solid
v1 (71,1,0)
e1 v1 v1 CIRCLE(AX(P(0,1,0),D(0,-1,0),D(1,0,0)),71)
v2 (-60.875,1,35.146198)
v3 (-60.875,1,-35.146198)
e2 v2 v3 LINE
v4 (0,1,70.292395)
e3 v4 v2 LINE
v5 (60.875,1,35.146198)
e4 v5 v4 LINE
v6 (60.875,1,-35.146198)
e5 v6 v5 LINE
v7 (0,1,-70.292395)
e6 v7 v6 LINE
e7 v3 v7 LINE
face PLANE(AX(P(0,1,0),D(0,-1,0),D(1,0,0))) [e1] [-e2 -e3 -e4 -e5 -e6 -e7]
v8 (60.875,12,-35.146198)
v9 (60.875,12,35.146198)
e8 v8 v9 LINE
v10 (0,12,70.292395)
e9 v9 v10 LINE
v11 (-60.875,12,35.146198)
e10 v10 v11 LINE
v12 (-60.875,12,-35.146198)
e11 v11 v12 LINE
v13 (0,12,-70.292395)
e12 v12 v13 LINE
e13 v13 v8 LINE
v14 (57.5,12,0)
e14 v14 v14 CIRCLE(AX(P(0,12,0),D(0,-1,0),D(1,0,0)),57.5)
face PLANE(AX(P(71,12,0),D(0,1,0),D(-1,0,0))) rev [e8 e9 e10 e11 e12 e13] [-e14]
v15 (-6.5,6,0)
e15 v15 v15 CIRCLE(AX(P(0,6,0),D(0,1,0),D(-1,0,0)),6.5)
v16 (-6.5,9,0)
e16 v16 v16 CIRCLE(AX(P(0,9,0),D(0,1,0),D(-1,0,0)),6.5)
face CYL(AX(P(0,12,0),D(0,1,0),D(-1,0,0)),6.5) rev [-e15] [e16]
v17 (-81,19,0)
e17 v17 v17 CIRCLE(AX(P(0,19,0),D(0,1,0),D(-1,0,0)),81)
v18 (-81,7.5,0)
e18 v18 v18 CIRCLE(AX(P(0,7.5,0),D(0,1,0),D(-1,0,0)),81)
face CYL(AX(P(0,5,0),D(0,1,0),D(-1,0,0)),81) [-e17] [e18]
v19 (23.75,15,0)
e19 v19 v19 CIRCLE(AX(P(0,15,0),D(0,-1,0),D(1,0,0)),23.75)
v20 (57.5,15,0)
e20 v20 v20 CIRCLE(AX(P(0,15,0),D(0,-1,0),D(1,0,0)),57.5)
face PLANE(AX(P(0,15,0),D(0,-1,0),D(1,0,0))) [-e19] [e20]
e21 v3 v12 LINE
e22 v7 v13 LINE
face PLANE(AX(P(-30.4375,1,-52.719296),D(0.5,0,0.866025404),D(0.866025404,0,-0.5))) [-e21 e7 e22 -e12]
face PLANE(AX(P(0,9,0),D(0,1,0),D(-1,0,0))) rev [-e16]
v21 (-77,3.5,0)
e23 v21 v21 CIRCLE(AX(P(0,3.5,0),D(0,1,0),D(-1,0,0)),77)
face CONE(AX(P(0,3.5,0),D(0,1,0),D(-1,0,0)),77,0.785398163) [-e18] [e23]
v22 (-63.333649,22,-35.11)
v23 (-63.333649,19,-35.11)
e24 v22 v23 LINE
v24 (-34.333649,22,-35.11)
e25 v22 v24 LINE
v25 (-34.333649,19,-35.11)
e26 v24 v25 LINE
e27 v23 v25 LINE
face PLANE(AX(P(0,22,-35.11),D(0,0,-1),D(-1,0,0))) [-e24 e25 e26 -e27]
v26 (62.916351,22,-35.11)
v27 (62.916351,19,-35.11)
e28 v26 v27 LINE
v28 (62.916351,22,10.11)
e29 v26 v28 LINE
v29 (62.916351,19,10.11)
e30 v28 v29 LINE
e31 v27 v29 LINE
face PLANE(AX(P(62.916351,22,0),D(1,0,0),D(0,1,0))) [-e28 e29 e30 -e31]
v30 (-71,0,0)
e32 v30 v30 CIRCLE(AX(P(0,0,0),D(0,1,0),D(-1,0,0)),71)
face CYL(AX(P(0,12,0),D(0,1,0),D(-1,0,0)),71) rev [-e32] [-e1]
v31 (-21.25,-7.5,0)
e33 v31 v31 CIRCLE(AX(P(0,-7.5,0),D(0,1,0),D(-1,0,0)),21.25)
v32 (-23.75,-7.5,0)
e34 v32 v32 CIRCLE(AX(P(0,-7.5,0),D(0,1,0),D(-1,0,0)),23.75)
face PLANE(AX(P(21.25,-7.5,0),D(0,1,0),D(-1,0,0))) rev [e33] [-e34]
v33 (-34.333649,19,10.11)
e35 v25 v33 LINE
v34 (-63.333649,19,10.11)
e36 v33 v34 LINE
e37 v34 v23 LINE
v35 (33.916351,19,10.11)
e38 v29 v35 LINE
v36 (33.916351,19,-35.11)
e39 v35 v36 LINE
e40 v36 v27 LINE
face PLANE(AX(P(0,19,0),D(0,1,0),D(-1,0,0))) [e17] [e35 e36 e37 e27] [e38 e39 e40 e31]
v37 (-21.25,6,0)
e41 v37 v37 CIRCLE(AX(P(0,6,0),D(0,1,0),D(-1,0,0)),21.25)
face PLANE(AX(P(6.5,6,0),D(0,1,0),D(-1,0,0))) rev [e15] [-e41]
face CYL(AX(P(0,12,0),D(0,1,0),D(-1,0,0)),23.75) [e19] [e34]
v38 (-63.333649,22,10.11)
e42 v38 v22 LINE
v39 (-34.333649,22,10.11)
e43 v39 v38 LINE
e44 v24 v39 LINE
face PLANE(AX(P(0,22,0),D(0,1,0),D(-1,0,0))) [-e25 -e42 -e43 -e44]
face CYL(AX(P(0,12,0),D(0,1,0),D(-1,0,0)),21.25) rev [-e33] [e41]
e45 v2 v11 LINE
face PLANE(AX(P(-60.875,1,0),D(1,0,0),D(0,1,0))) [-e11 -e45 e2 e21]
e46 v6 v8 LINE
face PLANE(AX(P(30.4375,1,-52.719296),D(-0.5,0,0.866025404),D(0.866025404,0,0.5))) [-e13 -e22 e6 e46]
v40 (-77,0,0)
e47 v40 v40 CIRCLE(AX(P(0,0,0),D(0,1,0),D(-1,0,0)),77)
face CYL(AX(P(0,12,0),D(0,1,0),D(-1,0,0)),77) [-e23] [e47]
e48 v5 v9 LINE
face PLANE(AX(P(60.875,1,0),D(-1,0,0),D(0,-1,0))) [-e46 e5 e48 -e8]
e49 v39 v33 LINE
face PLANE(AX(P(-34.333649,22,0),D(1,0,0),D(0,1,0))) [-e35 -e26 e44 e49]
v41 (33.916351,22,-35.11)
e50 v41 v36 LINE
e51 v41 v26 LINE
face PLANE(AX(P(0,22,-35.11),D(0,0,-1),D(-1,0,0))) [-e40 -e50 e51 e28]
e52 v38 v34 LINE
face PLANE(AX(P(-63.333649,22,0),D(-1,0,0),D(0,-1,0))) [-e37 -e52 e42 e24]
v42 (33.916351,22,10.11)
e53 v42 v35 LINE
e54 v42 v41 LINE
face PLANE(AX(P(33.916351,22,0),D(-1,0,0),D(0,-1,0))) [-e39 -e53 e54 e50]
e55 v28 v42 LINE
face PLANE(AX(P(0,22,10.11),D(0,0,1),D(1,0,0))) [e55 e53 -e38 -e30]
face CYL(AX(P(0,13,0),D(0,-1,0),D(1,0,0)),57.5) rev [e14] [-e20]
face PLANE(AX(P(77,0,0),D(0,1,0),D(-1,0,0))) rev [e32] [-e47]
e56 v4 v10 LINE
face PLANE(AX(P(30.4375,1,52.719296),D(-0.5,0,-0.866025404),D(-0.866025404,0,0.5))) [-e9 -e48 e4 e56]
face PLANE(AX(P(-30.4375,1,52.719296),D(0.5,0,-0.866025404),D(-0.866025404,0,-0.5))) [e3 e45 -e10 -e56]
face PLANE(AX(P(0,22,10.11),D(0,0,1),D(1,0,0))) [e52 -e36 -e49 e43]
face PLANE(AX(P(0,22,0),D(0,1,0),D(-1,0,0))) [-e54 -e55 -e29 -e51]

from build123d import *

# Parameters (mm, degrees)
SKETCH2_R           = 71
BOSS_EXTRUDE1_DEPTH = 11
SKETCH12_R          = 57.5
SKETCH12_R_2        = 23.75
CUT_EXTRUDE8_DEPTH  = 1
CUT_EXTRUDE9_START  = -10
SKETCH10_R          = 85
SKETCH10_R_2        = 81
CUT_EXTRUDE9_DEPTH  = 10
SKETCH14_R          = 57.5
SKETCH14_R_2        = 23.75
BOSS_EXTRUDE2_DEPTH = 1
SKETCH15_R          = 81
BOSS_EXTRUDE3_DEPTH = 4
SKETCH16_R          = 57.5
SKETCH16_R_2        = 23.75
CUT_EXTRUDE11_DEPTH = 2
SKETCH17_W          = 29
SKETCH17_H          = 10.11
SKETCH17_H_2        = 35.11
BOSS_EXTRUDE4_DEPTH = 3


with BuildPart() as part:
    # Sketch1 → Revolve1 (revolve)
    with BuildSketch(Plane.XY, mode=Mode.PRIVATE) as revolve1_sk:
        Polygon((0, 12), (0, 15), (85, 15), (85, 10.5), (84, 10.5), (77, 3.5), (77, 0), (71, 0), (71, 12), (23.75, 12), (23.75, -7.5), (21.25, -7.5), (21.25, 6), (6.5, 6), (6.5, 9), (0, 9), align=None)
    revolve(revolve1_sk.sketch.rotate(Axis((0, 12, 0), (0, -1, 0)), 180), axis=Axis((0, 12, 0), (0, -1, 0)))

    # Sketch2 → Boss-Extrude1 (add)
    with BuildSketch(Plane.XZ.offset(-12)):
        with Locations(Location((0, 0, 0), (0, 0, 180))):
            Circle(SKETCH2_R)
        Polygon((0, 70.292395274), (-60.875, 35.146197637), (-60.875, -35.146197637), (0, -70.292395274), (60.875, -35.146197637), (60.875, 35.146197637), align=None, mode=Mode.SUBTRACT)
    extrude(amount=BOSS_EXTRUDE1_DEPTH)

    # Sketch12 → Cut-Extrude8 (cut)
    with BuildSketch(Plane.XZ.offset(-12)):
        Circle(SKETCH12_R)
        with Locations(Location((0, 0, 0), (0, 0, 180))):
            Circle(SKETCH12_R_2, mode=Mode.SUBTRACT)
    extrude(amount=-CUT_EXTRUDE8_DEPTH, mode=Mode.SUBTRACT)

    # Sketch10 → Cut-Extrude9 (cut)
    with BuildSketch(Plane(origin=(0, 15, 0), x_dir=(1, 0, 0), z_dir=(0, 1, 0)).offset(CUT_EXTRUDE9_START)):
        Circle(SKETCH10_R)
        with Locations(Location((0, 0, 0), (0, 0, 180))):
            Circle(SKETCH10_R_2, mode=Mode.SUBTRACT)
    extrude(amount=CUT_EXTRUDE9_DEPTH, mode=Mode.SUBTRACT)

    # Sketch14 → Boss-Extrude2 (add)
    with BuildSketch(Plane(origin=(0, 13, 0), x_dir=(-1, 0, 0), z_dir=(0, -1, 0))):
        with Locations(Location((0, 0, 0), (0, 0, 180))):
            Circle(SKETCH14_R)
        Circle(SKETCH14_R_2, mode=Mode.SUBTRACT)
    extrude(amount=-BOSS_EXTRUDE2_DEPTH)

    # Sketch15 → Boss-Extrude3 (add)
    with BuildSketch(Plane(origin=(0, 15, 0), x_dir=(1, 0, 0), z_dir=(0, 1, 0))):
        with Locations(Location((0, 0, 0), (0, 0, 180))):
            Circle(SKETCH15_R)
    extrude(amount=BOSS_EXTRUDE3_DEPTH)

    # Sketch16 → Cut-Extrude11 (cut)
    with BuildSketch(Plane.XZ.offset(-13)):
        Circle(SKETCH16_R)
        with Locations(Location((0, 0, 0), (0, 0, 180))):
            Circle(SKETCH16_R_2, mode=Mode.SUBTRACT)
    extrude(amount=-CUT_EXTRUDE11_DEPTH, mode=Mode.SUBTRACT)

    # Sketch17 → Boss-Extrude4 (add)
    with BuildSketch(Plane(origin=(0, 19, 0), x_dir=(1, 0, 0), z_dir=(0, 1, 0))):
        with Locations((-48.833648901, -5.055)):
            Rectangle(SKETCH17_W, SKETCH17_H)
        with Locations((-48.833648901, 17.555)):
            Rectangle(SKETCH17_W, SKETCH17_H_2)
        with Locations((48.416351099, -5.055)):
            Rectangle(SKETCH17_W, SKETCH17_H)
        with Locations((48.416351099, 17.555)):
            Rectangle(SKETCH17_W, SKETCH17_H_2)
    extrude(amount=BOSS_EXTRUDE4_DEPTH)


solid = part.part
